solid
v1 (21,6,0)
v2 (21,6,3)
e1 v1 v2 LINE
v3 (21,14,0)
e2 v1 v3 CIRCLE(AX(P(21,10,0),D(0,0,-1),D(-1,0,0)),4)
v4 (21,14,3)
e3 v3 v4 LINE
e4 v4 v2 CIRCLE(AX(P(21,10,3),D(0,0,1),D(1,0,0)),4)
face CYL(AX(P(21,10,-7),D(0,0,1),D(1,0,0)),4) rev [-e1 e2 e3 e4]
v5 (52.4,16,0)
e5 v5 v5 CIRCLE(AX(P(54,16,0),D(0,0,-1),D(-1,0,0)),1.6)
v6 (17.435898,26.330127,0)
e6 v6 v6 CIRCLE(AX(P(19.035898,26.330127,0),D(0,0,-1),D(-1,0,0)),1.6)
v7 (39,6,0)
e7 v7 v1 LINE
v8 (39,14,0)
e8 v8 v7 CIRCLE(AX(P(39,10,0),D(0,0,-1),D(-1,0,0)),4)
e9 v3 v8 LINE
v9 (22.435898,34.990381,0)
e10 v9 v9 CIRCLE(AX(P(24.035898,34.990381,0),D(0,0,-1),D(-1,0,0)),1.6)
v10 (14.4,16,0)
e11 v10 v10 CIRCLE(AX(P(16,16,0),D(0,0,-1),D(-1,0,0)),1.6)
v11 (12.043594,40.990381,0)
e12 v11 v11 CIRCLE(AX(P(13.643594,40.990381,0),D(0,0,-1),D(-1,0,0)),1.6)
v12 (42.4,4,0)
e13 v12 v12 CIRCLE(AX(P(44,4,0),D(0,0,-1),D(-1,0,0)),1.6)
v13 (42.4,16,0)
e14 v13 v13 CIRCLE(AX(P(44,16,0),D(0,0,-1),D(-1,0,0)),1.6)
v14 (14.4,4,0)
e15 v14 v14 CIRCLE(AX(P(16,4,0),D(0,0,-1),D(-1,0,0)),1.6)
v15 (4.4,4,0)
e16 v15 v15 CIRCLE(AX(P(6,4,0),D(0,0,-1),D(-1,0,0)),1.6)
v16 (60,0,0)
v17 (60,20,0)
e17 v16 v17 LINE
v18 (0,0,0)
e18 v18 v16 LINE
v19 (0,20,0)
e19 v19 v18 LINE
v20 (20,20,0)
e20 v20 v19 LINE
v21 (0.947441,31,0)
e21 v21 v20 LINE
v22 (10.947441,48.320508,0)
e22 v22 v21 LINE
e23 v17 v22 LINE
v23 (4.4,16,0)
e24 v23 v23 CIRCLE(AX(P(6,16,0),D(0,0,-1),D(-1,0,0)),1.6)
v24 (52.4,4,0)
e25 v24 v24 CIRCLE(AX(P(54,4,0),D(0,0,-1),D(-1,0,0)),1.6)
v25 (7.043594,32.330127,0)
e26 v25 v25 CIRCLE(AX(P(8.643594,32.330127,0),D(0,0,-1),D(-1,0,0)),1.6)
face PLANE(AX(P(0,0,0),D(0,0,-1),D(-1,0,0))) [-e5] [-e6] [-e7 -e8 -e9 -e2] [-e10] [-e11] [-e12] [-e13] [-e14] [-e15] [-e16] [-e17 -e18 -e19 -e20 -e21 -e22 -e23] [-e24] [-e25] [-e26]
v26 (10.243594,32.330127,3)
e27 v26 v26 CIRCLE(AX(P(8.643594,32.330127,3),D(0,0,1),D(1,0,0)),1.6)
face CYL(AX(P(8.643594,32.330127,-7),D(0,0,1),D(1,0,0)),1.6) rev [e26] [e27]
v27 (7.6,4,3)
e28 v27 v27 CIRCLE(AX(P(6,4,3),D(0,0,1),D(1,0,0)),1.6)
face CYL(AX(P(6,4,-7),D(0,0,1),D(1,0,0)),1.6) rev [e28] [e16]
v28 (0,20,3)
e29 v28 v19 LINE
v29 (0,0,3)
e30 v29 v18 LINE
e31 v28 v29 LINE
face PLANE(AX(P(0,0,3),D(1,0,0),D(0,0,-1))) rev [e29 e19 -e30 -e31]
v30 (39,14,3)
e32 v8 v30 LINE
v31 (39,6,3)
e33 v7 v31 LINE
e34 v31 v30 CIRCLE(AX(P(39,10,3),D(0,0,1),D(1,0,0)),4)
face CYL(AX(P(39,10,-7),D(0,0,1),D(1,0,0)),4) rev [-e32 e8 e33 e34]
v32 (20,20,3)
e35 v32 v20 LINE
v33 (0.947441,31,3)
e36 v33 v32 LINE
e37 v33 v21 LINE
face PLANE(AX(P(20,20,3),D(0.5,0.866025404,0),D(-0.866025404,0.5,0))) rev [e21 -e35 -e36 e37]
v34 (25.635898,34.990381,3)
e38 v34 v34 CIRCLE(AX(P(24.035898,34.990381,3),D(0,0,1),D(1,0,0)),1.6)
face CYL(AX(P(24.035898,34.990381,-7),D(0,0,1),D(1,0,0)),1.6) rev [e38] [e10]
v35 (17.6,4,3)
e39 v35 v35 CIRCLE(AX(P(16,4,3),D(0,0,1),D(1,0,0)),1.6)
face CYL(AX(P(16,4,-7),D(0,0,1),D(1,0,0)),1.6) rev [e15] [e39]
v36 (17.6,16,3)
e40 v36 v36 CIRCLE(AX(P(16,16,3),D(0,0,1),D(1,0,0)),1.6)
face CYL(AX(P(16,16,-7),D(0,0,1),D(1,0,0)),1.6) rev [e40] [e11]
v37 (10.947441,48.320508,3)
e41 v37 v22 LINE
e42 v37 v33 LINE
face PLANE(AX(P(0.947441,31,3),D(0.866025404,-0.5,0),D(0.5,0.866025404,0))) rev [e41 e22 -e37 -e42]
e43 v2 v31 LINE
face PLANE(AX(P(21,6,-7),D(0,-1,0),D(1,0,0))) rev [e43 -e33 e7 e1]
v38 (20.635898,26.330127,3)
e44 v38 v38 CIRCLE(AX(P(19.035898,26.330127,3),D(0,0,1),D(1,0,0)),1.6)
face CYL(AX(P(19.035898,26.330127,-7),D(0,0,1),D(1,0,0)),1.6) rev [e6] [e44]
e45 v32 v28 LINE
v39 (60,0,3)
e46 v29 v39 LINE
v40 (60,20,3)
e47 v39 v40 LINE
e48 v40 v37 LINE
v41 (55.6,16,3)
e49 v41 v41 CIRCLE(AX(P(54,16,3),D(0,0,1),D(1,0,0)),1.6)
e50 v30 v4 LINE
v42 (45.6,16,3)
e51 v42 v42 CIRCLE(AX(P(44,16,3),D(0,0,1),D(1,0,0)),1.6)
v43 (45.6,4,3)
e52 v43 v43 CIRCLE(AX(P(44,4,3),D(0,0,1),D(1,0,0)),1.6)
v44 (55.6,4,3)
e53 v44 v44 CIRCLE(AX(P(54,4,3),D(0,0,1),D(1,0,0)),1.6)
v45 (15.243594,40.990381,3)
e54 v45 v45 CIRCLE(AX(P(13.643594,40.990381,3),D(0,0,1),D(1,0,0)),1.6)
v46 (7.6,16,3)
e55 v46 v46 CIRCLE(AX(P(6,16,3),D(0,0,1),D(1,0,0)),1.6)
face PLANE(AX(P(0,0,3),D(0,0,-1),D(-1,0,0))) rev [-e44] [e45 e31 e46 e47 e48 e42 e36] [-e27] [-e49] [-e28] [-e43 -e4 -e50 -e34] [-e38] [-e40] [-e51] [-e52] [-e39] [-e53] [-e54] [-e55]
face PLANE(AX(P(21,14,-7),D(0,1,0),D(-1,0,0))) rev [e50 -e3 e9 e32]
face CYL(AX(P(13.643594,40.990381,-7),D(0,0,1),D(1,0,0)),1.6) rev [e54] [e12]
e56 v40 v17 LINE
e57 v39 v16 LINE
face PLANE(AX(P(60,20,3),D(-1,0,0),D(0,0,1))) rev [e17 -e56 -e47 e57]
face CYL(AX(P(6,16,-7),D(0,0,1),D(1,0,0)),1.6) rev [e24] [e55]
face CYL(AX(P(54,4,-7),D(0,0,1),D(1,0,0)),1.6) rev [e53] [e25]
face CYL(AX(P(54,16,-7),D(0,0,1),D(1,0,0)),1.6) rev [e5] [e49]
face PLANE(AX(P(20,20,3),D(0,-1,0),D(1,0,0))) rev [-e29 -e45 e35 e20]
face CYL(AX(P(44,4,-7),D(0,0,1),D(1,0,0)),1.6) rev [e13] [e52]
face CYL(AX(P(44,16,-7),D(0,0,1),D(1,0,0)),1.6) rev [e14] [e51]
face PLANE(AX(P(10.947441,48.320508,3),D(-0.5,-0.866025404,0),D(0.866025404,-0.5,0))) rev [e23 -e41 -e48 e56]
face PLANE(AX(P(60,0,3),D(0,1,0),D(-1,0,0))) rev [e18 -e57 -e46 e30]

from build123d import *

# Parameters (mm, degrees)
EXTRUDE_1_DEPTH     = 3
SKETCH_2_R          = 1.6
CUT_EXTRUDE_1_DEPTH = 10


with BuildPart() as part:
    # 草图1 → 凸台-拉伸1 (new body)
    with BuildSketch(Plane.XY):
        Polygon((60, 0), (0, 0), (0, 20), (20, 20), (0.947441117, 31), (10.947441117, 48.320508076), (60, 20), align=None)
    extrude(amount=EXTRUDE_1_DEPTH)

    # 草图2 → 切除-拉伸1 (cut)
    with BuildSketch(Plane.XY.offset(3)):
        with Locations((13.643593539, 40.990381057)):
            Circle(SKETCH_2_R)
        with Locations((8.643593539, 32.330127019)):
            Circle(SKETCH_2_R)
        with Locations((24.035898385, 34.990381057)):
            Circle(SKETCH_2_R)
        with Locations((19.035898385, 26.330127019)):
            Circle(SKETCH_2_R)
        with Locations((6, 16)):
            Circle(SKETCH_2_R)
        with Locations((6, 4)):
            Circle(SKETCH_2_R)
        with Locations((54, 16)):
            Circle(SKETCH_2_R)
        with Locations((54, 4)):
            Circle(SKETCH_2_R)
        with Locations((16, 16)):
            Circle(SKETCH_2_R)
        with Locations((16, 4)):
            Circle(SKETCH_2_R)
        with Locations((44, 16)):
            Circle(SKETCH_2_R)
        with Locations((44, 4)):
            Circle(SKETCH_2_R)
        with BuildLine():
            Line((21, 14), (39, 14))
            ThreePointArc((39, 14), (43, 10), (39, 6))
            Line((39, 6), (21, 6))
            ThreePointArc((21, 6), (17, 10), (21, 14))
        make_face()
    extrude(amount=-CUT_EXTRUDE_1_DEPTH, mode=Mode.SUBTRACT)


solid = part.part
